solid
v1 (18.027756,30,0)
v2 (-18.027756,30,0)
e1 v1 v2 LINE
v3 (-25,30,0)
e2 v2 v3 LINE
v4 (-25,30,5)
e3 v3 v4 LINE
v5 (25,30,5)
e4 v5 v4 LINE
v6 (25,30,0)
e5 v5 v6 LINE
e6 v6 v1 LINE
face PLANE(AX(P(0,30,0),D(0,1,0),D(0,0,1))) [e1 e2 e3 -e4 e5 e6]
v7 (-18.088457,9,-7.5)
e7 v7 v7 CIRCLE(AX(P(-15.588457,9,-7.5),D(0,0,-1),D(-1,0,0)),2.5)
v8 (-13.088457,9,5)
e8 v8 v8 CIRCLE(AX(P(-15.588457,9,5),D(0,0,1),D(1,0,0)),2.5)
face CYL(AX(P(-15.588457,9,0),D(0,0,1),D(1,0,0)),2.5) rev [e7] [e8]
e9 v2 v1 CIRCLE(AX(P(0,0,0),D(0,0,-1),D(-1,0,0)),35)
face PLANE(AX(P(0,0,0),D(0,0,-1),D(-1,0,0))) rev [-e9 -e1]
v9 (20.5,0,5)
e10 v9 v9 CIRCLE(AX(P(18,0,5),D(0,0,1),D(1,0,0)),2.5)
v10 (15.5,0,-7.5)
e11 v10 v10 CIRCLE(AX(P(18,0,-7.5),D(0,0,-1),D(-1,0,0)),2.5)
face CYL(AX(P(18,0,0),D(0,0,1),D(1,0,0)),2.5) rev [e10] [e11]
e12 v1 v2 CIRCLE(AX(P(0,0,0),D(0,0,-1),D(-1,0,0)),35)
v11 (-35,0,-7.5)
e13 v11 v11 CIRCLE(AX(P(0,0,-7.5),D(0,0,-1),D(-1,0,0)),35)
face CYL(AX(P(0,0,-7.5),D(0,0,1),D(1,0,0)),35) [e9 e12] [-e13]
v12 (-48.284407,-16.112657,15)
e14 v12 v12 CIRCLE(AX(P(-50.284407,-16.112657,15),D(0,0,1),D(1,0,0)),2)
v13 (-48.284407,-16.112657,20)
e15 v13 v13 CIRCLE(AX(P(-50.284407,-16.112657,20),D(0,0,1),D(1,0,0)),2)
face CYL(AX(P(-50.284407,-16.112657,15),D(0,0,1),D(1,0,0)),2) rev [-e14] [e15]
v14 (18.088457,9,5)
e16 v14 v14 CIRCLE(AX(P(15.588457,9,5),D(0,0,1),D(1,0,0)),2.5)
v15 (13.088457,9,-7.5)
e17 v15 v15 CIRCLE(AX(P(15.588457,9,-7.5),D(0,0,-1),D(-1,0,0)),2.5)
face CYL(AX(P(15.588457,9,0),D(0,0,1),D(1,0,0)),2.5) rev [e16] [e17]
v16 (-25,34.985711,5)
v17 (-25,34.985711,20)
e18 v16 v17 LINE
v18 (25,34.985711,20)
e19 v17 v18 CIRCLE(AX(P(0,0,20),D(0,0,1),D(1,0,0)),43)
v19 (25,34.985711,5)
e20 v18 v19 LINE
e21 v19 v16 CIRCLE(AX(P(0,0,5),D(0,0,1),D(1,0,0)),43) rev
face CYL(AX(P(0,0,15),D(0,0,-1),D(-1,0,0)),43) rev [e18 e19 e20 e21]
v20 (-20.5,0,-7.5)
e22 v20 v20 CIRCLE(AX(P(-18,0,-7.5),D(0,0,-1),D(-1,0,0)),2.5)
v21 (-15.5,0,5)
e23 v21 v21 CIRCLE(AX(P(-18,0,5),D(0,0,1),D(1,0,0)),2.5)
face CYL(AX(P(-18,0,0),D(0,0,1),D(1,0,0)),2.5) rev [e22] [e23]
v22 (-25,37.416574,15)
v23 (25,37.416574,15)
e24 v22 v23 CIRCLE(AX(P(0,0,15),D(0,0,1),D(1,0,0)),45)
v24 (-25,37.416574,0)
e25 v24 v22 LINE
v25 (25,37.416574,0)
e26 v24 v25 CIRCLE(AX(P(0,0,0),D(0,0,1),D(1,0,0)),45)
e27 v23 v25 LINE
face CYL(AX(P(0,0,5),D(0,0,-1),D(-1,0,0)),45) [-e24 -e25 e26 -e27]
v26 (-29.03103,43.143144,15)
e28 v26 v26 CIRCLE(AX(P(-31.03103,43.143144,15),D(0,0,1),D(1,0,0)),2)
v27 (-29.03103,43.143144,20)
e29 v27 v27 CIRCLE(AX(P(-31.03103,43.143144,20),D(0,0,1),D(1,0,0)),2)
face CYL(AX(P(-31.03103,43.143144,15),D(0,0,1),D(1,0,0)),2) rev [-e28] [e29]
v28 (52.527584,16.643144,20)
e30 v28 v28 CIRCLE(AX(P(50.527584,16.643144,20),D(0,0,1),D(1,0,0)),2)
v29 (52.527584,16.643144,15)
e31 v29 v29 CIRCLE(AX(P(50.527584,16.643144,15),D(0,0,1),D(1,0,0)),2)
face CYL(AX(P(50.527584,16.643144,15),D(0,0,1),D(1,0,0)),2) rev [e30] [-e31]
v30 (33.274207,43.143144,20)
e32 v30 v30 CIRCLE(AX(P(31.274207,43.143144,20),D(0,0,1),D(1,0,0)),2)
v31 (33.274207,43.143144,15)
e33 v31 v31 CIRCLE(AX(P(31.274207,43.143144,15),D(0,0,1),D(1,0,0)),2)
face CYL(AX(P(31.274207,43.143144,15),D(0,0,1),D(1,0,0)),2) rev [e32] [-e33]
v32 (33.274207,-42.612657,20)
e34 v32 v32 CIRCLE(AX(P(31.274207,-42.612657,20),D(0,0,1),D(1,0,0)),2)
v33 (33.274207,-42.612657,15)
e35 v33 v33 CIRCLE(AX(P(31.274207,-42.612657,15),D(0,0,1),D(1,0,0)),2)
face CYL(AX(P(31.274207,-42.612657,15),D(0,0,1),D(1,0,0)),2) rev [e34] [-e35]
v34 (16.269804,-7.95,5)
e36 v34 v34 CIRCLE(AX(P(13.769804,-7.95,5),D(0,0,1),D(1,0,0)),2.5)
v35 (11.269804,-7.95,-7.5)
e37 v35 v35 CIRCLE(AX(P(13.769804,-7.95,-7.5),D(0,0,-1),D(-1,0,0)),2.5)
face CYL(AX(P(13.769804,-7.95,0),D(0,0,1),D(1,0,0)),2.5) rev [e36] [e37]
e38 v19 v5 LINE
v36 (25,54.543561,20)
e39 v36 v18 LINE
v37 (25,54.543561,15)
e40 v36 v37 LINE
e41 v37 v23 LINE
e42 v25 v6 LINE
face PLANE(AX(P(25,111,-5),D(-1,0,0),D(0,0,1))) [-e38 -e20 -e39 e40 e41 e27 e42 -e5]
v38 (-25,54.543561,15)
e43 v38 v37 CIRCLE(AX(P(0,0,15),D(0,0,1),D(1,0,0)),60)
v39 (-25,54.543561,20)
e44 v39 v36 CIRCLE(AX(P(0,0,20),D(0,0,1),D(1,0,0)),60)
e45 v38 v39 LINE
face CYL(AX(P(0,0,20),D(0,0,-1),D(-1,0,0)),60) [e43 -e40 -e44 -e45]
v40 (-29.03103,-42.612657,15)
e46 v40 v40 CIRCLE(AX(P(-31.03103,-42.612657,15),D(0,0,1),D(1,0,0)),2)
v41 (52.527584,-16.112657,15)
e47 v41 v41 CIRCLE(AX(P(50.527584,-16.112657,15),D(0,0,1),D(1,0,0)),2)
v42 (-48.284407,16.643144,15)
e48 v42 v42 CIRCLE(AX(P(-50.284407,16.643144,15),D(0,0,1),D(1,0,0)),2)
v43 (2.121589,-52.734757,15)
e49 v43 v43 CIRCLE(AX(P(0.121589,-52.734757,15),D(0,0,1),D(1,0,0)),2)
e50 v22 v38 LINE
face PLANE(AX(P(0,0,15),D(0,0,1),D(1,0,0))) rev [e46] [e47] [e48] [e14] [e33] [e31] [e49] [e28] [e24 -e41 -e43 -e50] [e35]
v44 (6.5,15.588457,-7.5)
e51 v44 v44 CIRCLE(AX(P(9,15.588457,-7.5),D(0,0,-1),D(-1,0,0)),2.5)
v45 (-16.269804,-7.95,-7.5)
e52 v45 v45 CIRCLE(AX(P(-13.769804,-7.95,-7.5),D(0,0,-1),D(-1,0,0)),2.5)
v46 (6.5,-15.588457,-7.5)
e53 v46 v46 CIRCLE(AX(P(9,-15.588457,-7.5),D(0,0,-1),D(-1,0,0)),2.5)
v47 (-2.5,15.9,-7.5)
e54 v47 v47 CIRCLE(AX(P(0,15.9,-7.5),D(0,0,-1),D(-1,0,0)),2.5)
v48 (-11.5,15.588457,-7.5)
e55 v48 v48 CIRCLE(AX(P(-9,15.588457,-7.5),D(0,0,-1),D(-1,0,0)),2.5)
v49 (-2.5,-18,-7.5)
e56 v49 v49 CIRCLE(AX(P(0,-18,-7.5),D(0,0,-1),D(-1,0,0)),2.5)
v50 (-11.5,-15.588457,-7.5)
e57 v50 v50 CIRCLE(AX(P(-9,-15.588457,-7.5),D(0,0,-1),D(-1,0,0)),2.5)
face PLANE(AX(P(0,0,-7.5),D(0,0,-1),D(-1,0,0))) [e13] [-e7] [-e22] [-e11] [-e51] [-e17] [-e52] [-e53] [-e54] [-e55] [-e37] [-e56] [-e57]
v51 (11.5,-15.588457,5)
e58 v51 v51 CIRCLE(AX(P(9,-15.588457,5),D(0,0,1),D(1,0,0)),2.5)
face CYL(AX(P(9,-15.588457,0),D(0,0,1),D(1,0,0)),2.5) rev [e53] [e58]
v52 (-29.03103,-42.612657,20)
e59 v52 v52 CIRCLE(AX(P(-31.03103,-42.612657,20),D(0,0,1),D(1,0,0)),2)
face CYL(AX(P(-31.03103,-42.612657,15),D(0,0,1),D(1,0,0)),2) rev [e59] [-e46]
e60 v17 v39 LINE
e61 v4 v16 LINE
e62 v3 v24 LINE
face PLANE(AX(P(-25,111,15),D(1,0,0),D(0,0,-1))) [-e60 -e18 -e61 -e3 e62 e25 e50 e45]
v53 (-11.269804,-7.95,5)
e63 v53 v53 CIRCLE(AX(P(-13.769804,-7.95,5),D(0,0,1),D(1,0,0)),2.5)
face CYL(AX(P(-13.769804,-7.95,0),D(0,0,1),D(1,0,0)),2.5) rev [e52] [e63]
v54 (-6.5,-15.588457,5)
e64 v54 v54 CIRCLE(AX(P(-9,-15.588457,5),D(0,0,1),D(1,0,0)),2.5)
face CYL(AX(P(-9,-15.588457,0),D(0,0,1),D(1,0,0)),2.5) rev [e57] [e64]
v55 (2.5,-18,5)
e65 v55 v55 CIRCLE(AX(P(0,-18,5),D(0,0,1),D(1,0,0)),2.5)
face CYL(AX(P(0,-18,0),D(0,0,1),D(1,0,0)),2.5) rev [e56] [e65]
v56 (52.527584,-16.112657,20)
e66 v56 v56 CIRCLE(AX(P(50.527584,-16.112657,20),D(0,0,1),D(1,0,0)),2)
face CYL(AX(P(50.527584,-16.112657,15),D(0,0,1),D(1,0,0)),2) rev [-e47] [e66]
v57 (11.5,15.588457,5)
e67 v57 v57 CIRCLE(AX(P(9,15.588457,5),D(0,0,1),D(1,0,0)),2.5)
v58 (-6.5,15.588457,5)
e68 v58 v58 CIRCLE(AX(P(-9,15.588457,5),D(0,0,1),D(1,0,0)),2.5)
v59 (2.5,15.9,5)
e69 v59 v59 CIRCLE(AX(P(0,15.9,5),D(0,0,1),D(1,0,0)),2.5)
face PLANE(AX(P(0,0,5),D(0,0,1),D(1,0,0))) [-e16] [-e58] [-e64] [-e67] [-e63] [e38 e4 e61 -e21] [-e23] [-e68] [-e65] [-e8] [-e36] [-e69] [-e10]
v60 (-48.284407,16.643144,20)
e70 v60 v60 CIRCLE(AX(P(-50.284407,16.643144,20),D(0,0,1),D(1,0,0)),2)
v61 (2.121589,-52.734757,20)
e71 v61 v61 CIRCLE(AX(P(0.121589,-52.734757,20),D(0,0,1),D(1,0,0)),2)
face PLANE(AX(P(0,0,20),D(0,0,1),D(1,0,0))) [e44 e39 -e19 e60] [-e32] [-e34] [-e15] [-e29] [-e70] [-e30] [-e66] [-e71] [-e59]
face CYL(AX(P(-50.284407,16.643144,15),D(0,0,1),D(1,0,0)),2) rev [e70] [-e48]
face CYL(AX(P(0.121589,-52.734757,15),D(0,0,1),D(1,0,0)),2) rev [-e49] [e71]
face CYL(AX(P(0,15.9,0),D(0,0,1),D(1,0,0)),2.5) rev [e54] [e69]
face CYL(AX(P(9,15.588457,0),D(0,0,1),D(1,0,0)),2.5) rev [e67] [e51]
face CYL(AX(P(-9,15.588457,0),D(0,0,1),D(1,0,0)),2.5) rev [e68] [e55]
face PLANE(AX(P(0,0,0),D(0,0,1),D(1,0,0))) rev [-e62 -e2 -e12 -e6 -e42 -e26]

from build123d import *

# Parameters (mm, degrees)
SKETCH1_R           = 45
BOSS_EXTRUDE1_DEPTH = 5
SKETCH2_R           = 2.5
CUT_EXTRUDE1_DEPTH  = 5
SKETCH3_R           = 45
SKETCH3_R_2         = 43
BOSS_EXTRUDE2_DEPTH = 10
SKETCH4_R           = 60
SKETCH4_R_2         = 43
BOSS_EXTRUDE3_DEPTH = 5
SKETCH5_R           = 2
CUT_EXTRUDE2_DEPTH  = 5
CUT_EXTRUDE3_START  = 30
CUT_EXTRUDE3_DEPTH  = 81
SKETCH7_R           = 35
SKETCH7_R_2         = 2.5
BOSS_EXTRUDE4_DEPTH = 7.5


with BuildPart() as part:
    # Sketch1 → Boss-Extrude1 (new body)
    with BuildSketch(Plane.XY):
        Circle(SKETCH1_R)
    extrude(amount=BOSS_EXTRUDE1_DEPTH)

    # Sketch2 → Cut-Extrude1 (cut)
    with BuildSketch(Plane.XY.offset(5)):
        with Locations((0, 15.9)):
            Circle(SKETCH2_R)
        with Locations((13.76980392, -7.95)):
            Circle(SKETCH2_R)
        with Locations((-13.76980392, -7.95)):
            Circle(SKETCH2_R)
        with Locations((9, 15.588457268)):
            Circle(SKETCH2_R)
        with Locations((15.588457268, 9)):
            Circle(SKETCH2_R)
        with Locations((18, 0)):
            Circle(SKETCH2_R)
        with Locations((9, -15.588457268)):
            Circle(SKETCH2_R)
        with Locations((0, -18)):
            Circle(SKETCH2_R)
        with Locations((-9, -15.588457268)):
            Circle(SKETCH2_R)
        with Locations((-18, 0)):
            Circle(SKETCH2_R)
        with Locations((-15.588457268, 9)):
            Circle(SKETCH2_R)
        with Locations((-9, 15.588457268)):
            Circle(SKETCH2_R)
    extrude(amount=-CUT_EXTRUDE1_DEPTH, mode=Mode.SUBTRACT)

    # Sketch3 → Boss-Extrude2 (add)
    with BuildSketch(Plane.XY.offset(5)):
        Circle(SKETCH3_R)
        Circle(SKETCH3_R_2, mode=Mode.SUBTRACT)
    extrude(amount=BOSS_EXTRUDE2_DEPTH)

    # Sketch4 → Boss-Extrude3 (add)
    with BuildSketch(Plane.XY.offset(15)):
        Circle(SKETCH4_R)
        Circle(SKETCH4_R_2, mode=Mode.SUBTRACT)
    extrude(amount=BOSS_EXTRUDE3_DEPTH)

    # Sketch5 → Cut-Extrude2 (cut)
    with BuildSketch(Plane.XY.offset(20)):
        with Locations((0, 53)):
            Circle(SKETCH5_R)
        with Locations((31.274207169, 43.143144086)):
            Circle(SKETCH5_R)
        with Locations((50.527584161, 16.643144086)):
            Circle(SKETCH5_R)
        with Locations((50.527584161, -16.112657318)):
            Circle(SKETCH5_R)
        with Locations((31.274207169, -42.612657318)):
            Circle(SKETCH5_R)
        with Locations((0.121588798, -52.734756616)):
            Circle(SKETCH5_R)
        with Locations((-31.031029574, -42.612657318)):
            Circle(SKETCH5_R)
        with Locations((-50.284406566, -16.112657318)):
            Circle(SKETCH5_R)
        with Locations((-50.284406566, 16.643144086)):
            Circle(SKETCH5_R)
        with Locations((-31.031029574, 43.143144086)):
            Circle(SKETCH5_R)
    extrude(amount=-CUT_EXTRUDE2_DEPTH, mode=Mode.SUBTRACT)

    # Sketch6 → Cut-Extrude3 (cut)
    with BuildSketch(Plane(origin=(0, 0, 0), x_dir=(1, 0, 0), z_dir=(0, 1, 0)).offset(CUT_EXTRUDE3_START)):
        Polygon((-25, -15), (-25, 5), (25, 5), (25, -15), (25, -26.812611245), (-25, -26.812611245), align=None)
    extrude(amount=CUT_EXTRUDE3_DEPTH, mode=Mode.SUBTRACT)

    # Sketch7 → Boss-Extrude4 (add)
    with BuildSketch(Plane(origin=(0, 0, 0), x_dir=(-1, 0, 0), z_dir=(0, 0, -1))):
        with Locations(Location((0, 0, 0), (0, 0, 121.002719134))):
            Circle(SKETCH7_R)
        with Locations(Location((-15.588457268, 9, 0), (0, 0, 180))):
            Circle(SKETCH7_R_2, mode=Mode.SUBTRACT)
        with Locations(Location((-18, 0, 0), (0, 0, 180))):
            Circle(SKETCH7_R_2, mode=Mode.SUBTRACT)
        with Locations(Location((-13.76980392, -7.95, 0), (0, 0, 180))):
            Circle(SKETCH7_R_2, mode=Mode.SUBTRACT)
        with Locations(Location((-9, -15.588457268, 0), (0, 0, 180))):
            Circle(SKETCH7_R_2, mode=Mode.SUBTRACT)
        with Locations(Location((0, -18, 0), (0, 0, 180))):
            Circle(SKETCH7_R_2, mode=Mode.SUBTRACT)
        with Locations(Location((9, -15.588457268, 0), (0, 0, 180))):
            Circle(SKETCH7_R_2, mode=Mode.SUBTRACT)
        with Locations(Location((13.76980392, -7.95, 0), (0, 0, 180))):
            Circle(SKETCH7_R_2, mode=Mode.SUBTRACT)
        with Locations(Location((18, 0, 0), (0, 0, 180))):
            Circle(SKETCH7_R_2, mode=Mode.SUBTRACT)
        with Locations(Location((15.588457268, 9, 0), (0, 0, 180))):
            Circle(SKETCH7_R_2, mode=Mode.SUBTRACT)
        with Locations(Location((9, 15.588457268, 0), (0, 0, 180))):
            Circle(SKETCH7_R_2, mode=Mode.SUBTRACT)
        with Locations(Location((0, 15.9, 0), (0, 0, 180))):
            Circle(SKETCH7_R_2, mode=Mode.SUBTRACT)
        with Locations(Location((-9, 15.588457268, 0), (0, 0, 180))):
            Circle(SKETCH7_R_2, mode=Mode.SUBTRACT)
    extrude(amount=BOSS_EXTRUDE4_DEPTH)


solid = part.part
